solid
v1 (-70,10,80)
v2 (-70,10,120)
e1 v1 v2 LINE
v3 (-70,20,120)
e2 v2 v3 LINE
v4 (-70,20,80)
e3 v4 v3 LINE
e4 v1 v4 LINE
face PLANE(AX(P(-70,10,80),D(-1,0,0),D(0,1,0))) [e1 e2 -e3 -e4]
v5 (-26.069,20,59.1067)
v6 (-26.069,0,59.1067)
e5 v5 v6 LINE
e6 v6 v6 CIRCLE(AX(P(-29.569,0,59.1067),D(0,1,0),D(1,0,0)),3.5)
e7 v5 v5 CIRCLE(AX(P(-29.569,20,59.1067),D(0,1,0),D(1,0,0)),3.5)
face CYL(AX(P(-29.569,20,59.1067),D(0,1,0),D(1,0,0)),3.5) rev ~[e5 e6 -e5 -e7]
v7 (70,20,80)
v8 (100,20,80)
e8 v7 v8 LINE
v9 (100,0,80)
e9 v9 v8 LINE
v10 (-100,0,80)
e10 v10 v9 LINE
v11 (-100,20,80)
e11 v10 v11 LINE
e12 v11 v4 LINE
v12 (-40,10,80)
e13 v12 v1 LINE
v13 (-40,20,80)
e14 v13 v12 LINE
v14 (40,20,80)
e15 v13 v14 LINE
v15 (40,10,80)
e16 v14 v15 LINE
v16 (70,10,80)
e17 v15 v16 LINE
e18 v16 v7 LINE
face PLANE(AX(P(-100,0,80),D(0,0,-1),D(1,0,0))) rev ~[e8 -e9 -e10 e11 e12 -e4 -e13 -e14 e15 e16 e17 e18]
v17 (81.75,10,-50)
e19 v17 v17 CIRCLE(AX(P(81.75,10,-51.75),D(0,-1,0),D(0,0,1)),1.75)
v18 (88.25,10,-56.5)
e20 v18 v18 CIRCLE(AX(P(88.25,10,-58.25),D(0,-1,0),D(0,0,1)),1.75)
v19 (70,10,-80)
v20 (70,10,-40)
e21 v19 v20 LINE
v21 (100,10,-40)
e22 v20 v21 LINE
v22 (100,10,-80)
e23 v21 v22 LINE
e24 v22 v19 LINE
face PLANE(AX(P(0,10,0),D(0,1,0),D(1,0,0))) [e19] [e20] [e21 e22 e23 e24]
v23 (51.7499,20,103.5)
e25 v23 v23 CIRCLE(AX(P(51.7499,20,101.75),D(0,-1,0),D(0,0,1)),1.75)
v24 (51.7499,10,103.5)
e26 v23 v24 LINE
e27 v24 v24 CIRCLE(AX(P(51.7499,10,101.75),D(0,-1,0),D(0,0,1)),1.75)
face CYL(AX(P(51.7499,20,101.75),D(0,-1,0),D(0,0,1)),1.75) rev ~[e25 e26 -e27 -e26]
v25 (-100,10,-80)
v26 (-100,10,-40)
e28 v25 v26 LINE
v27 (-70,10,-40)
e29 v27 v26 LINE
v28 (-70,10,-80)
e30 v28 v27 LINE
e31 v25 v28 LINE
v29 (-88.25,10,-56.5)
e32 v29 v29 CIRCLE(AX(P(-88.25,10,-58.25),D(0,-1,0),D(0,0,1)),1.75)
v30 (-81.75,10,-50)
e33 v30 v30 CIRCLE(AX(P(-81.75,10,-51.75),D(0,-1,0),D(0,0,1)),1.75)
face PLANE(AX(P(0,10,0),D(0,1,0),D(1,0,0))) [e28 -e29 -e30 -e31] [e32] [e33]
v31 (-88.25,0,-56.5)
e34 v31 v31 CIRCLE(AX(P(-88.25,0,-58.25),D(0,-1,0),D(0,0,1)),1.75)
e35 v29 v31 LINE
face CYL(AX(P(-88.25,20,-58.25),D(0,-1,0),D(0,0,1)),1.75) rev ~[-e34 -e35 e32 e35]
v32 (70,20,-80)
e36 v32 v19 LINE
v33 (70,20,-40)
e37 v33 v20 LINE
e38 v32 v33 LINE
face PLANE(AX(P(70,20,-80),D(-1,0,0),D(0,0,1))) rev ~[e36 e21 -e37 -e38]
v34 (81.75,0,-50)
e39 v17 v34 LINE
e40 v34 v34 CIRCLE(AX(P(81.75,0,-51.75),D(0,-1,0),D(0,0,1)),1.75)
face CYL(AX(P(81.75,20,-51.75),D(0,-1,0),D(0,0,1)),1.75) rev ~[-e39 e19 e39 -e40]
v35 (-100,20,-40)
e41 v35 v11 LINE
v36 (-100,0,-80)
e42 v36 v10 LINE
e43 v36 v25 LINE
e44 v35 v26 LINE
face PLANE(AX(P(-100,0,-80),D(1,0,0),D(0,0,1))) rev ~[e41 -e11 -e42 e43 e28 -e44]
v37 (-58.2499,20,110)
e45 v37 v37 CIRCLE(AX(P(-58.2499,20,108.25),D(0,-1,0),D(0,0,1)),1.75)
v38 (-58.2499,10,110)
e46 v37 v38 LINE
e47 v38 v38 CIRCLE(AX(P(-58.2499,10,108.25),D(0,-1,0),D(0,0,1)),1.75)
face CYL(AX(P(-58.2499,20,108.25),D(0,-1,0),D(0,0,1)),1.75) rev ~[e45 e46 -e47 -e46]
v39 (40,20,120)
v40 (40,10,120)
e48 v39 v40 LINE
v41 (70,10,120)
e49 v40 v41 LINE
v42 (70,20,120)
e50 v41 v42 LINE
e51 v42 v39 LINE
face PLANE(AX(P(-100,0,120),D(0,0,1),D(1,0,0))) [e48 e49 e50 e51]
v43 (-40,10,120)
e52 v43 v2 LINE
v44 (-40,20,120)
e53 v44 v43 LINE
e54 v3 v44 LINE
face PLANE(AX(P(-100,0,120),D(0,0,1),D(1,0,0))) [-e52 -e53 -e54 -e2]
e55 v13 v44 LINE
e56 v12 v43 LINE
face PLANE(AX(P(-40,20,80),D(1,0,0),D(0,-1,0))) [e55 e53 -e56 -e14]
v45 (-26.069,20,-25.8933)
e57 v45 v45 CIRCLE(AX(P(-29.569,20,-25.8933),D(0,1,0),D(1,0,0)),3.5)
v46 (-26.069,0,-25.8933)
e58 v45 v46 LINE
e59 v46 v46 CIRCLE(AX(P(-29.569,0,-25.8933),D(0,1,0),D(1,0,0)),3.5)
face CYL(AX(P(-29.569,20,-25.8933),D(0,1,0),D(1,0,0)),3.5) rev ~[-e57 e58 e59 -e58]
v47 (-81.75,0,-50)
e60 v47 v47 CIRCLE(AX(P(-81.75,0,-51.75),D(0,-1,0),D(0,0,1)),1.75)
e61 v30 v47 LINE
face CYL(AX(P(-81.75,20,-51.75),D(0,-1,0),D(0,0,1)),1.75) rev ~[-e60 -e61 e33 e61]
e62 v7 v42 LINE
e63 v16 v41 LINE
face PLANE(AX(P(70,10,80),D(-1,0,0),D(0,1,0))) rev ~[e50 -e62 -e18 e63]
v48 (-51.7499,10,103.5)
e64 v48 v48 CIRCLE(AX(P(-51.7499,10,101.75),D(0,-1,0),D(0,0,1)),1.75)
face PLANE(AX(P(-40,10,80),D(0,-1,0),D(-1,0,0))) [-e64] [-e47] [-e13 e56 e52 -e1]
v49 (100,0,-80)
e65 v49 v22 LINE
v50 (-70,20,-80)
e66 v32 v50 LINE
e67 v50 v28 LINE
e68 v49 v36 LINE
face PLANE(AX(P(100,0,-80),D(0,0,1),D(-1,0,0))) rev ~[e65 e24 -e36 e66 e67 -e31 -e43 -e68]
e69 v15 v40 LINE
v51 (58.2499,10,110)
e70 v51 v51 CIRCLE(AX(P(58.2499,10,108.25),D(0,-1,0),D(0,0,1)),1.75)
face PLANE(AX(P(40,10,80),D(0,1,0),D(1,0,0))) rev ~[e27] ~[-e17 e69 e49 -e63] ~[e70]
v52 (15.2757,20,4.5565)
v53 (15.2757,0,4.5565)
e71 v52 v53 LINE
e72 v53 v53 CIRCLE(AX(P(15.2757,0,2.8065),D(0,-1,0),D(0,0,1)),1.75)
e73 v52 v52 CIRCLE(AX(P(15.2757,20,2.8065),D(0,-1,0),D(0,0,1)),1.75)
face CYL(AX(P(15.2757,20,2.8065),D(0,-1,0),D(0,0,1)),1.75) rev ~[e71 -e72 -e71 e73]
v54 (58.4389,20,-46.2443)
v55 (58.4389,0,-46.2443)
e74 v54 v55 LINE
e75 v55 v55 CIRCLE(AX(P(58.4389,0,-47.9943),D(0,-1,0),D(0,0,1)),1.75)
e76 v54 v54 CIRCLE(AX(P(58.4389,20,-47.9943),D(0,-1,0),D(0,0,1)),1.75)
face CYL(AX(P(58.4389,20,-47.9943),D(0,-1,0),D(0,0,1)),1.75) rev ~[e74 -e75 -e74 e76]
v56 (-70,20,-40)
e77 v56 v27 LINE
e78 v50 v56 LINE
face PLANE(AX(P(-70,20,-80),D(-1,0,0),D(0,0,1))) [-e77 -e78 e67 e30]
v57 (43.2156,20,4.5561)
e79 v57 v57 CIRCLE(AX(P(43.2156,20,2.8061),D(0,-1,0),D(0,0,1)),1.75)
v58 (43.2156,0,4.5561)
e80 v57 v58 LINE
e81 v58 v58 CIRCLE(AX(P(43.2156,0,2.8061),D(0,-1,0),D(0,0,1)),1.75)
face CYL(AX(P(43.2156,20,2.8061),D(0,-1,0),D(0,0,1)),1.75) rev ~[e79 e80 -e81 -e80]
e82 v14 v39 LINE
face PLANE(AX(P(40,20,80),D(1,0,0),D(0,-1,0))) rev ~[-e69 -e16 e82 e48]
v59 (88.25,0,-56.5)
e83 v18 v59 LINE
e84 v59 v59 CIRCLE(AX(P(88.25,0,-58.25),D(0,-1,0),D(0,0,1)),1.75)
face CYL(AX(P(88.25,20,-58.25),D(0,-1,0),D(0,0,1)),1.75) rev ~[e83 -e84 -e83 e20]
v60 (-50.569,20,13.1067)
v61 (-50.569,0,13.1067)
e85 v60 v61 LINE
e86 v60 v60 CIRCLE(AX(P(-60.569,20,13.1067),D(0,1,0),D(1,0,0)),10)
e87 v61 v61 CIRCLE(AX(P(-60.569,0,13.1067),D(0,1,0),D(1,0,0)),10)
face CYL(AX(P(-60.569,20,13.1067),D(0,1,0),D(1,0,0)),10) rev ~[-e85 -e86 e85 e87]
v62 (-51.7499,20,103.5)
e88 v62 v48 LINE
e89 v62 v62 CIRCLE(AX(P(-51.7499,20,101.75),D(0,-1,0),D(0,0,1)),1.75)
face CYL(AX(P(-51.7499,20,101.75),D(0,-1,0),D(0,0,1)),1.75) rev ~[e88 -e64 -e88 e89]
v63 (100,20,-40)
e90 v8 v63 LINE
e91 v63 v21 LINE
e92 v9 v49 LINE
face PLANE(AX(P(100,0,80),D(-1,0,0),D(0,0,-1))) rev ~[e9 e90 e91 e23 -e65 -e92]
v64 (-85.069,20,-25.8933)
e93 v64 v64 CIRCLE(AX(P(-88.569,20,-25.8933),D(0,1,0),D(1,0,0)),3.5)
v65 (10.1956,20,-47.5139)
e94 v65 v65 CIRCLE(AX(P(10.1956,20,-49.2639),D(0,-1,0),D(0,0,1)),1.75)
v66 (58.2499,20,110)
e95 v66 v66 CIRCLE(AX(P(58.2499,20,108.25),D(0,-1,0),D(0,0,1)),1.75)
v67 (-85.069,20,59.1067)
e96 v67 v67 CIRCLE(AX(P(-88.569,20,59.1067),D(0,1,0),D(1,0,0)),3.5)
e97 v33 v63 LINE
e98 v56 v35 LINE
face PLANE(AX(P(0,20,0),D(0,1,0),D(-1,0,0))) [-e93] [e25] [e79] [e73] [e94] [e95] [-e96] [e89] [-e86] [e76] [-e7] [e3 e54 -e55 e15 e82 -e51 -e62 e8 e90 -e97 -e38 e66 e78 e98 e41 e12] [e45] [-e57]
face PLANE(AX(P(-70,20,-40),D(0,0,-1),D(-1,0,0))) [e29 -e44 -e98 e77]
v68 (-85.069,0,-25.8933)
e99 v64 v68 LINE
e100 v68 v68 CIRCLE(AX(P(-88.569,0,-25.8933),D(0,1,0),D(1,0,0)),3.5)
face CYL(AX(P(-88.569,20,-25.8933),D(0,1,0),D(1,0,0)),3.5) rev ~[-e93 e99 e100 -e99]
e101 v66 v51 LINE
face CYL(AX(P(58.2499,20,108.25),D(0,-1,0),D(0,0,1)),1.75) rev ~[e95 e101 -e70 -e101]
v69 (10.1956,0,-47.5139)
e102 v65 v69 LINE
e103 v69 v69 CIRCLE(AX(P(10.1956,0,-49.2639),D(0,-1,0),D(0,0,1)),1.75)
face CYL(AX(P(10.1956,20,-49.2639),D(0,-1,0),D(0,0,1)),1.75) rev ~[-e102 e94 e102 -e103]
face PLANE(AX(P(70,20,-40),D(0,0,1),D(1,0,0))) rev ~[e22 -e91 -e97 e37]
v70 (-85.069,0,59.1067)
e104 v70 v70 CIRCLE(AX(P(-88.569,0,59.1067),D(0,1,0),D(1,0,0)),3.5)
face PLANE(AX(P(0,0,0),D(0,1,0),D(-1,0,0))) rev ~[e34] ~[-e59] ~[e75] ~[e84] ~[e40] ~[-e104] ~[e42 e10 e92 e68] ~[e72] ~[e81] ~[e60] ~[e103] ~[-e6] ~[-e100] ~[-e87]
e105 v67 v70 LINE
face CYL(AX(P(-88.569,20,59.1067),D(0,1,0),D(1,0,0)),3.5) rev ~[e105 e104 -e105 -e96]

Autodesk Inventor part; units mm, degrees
ref_plane "YZ Plane" through (0, 0, 0) normal (1, 0, 0) x (0, 1, 0)
ref_plane "XZ Plane" through (0, 0, 0) normal (0, 1, 0) x (-1, 0, 0)
ref_plane "XY Plane" through (0, 0, 0) normal (0, 0, 1) x (1, 0, 0)
sketch "Boceto1" plane through (0, 0, 0) normal (0, 1, 0) x (-1, 0, 0)
  line L0 (100, 80) -> (-100, 80)
  line L1 (-100, 80) -> (-100, -80)
  line L2 (-100, -80) -> (100, -80)
  line L3 (100, -80) -> (100, 80)
  line L4 (100, 80) -> (-100, -80) construction
  line L5 (-100, 80) -> (100, -80) construction
  point P0 (0, 0)
  dimension "d0" = 200
  dimension "d1" = 160
extrude "Extrusión1" add sketch "Boceto1" along normal blind 20
sketch "Boceto2" plane through (0, 20, 0) normal (0, 1, 0) x (1, 0, 0)
  line L0 (-100, 80) -> (-100, -80) projected
  line L1 (-100, 80) -> (-70, 80)
  line L2 (-70, 80) -> (-70, 40)
  line L3 (-70, 40) -> (-100, 40)
  line L4 (-100, 40) -> (-100, 80)
  line L5 (100, 80) -> (-100, 80) projected
  line L6 (0, 80) -> (0, 40)
  line L7 (100, 80) -> (70, 80)
  line L8 (70, 80) -> (70, 40)
  line L9 (70, 40) -> (100, 40)
  line L10 (100, 40) -> (100, 80)
  point P0 (0, 0)
  dimension "d4" = 30
  dimension "d5" = 40
extrude "Extrusión2" cut sketch "Boceto2" against normal blind 10
sketch "Boceto3" plane through (0, 20, 0) normal (0, 1, 0) x (1, 0, 0)
  line L0 (-70, 80) -> (-70, 40) projected
  line L1 (-70, 80.0001) -> (-70, 40)
  line L2 (-70, 40) -> (-100, 40) projected
  line L3 (-100, 40) -> (-100, 80.0001)
  line L4 (-100, 40) -> (-70, 40)
  line L5 (-70, 40) -> (-70, 80)
  line L6 (-70, 80) -> (-100, 80)
  line L7 (-100, 80) -> (-100, 40)
  circle A0 centre (-88.25, 58.25) radius 1.75
  circle A1 centre (-81.75, 51.75) radius 1.75
  line L8 (100, 80) -> (-100, 80) projected
  line L9 (0, 80) -> (0, 56.5)
  circle A2 centre (88.25, 58.25) radius 1.75
  circle A3 centre (81.75, 51.75) radius 1.75
  point P0 (0, 0)
  point P1 (-64.3507, 80)
  point P2 (-74.3507, 0)
  point P3 (-85, 80)
  dimension "d23" = 21.75
  dimension "d24" = 11.75
  dimension "d26" = 11.75
hole "Agujero1" at (-81.75, 20, -51.75) at (-88.25, 20, -58.25) at (81.75, 20, -51.75) at (88.25, 20, -58.25) direction (0, -1, 0) diameter 3.5 end through all
sketch "Boceto4" plane through (-100, 0, 80) normal (0, 0, 1) x (1, 0, 0)
  line L0 (30, 20) -> (60, 20)
  line L1 (60, 20) -> (60, 10)
  line L2 (60, 10) -> (30, 10)
  line L3 (30, 10) -> (30, 20)
  line L4 (0, 0) -> (0, 20) projected
  line L5 (100, 0) -> (100, 10)
  line L6 (170, 20) -> (140, 20)
  line L7 (140, 20) -> (140, 10)
  line L8 (140, 10) -> (170, 10)
  line L9 (170, 10) -> (170, 20)
  dimension "d34" = 30
  dimension "d35" = 10
  dimension "d36" = 30
extrude "Extrusión3" add sketch "Boceto4" along normal blind 40
sketch "Boceto5" plane through (0, 20, 0) normal (0, 1, 0) x (1, 0, 0)
  line L0 (59.9999, -50) -> (69.9999, -50)
  line L1 (49.9999, -101.75) -> (49.9999, -79.9497)
  line L2 (59.9999, -108.25) -> (59.9999, -50)
  line L3 (40, -80) -> (69.9999, -80)
  line L4 (49.9999, -79.9497) -> (40, -80)
  circle A0 centre (51.7499, -101.75) radius 1.75
  circle A1 centre (58.2499, -108.25) radius 1.75
  line L5 (69.9999, -80) -> (69.9999, -120)
  line L6 (40, -120) -> (40, -80)
  line L7 (69.9999, -120) -> (40, -120)
  line L8 (0, -50) -> (0, -71.75)
  line L9 (-40, -120) -> (-40, -80)
  line L10 (-49.9999, -101.75) -> (-49.9999, -79.9497)
  circle A2 centre (-51.7499, -101.75) radius 1.75
  circle A3 centre (-58.2499, -108.25) radius 1.75
  line L11 (-40, -80) -> (-69.9999, -80)
  line L12 (-69.9999, -120) -> (-40, -120)
  line L13 (-69.9999, -80) -> (-69.9999, -120)
  line L14 (-59.9999, -108.25) -> (-59.9999, -50)
  line L15 (-40, -120) -> (-69.9999, -120)
  line L16 (-69.9999, -80) -> (-69.9999, -120)
  line L17 (-40, -120) -> (-70, -120) projected
  line L18 (-40, -80) -> (-40, -120) projected
  line L19 (-59.9999, -110) -> (-49.9999, -110)
  line L20 (-49.9999, -110) -> (-49.9999, -100)
  line L21 (-49.9999, -100) -> (-59.9999, -100)
  line L22 (-59.9999, -100) -> (-59.9999, -110)
  line L23 (-100, 40) -> (-100, -80) projected
  point P0 (0, 0)
  point P1 (-56.75, -68.25)
  point P2 (-63.25, -61.75)
  point P3 (63.25, -61.75)
  point P4 (56.75, -68.25)
  dimension "d45" = 3.5
  dimension "d46" = 3.5
  dimension "d39" = 10
  dimension "d40" = 10
  dimension "d41" = 40
  dimension "d42" = 0
  dimension "d43" = 6.5
  dimension "d44" = 6.5
  dimension "d47" = 11.7499
  dimension "d48" = 11.75
  dimension "d49" = 0
  dimension "d50" = 11.75
  dimension "d51" = 0
  dimension "d97" = 40.0001
hole "Agujero2" at (-58.2499, 20, 108.25) at (-51.7499, 20, 101.75) at (51.7499, 20, 101.75) at (58.2499, 20, 108.25) direction (0, -1, 0) diameter 3.5 end through all
sketch "Boceto6" plane through (0, 20, 0) normal (0, 1, 0) x (1, 0, 0)
  circle A0 centre (-60.569, -13.1067) radius 10
  circle A1 centre (-29.569, -59.1067) radius 3.5
  line L0 (-60.569, -13.1067) -> (-39.0083, -13.1067)
  circle A2 centre (-29.569, 25.8933) radius 3.5
  circle A3 centre (-88.569, 25.8933) radius 3.5
  circle A4 centre (-88.569, -59.1067) radius 3.5
  line L1 (8.592, 54.4846) -> (60.592, 54.4846)
  line L2 (60.592, 54.4846) -> (60.592, -15.5154)
  line L3 (60.592, -15.5154) -> (8.592, -15.5154)
  line L4 (8.592, -15.5154) -> (8.592, 54.4846)
  line L5 (8.592, -15.5154) -> (30.592, -15.5154)
  line L6 (30.592, -15.5154) -> (30.592, -57.5154)
  line L7 (30.592, -57.5154) -> (8.592, -57.5154)
  line L8 (8.592, -57.5154) -> (8.592, -15.5154)
  line L9 (1.8175, -0.4091) -> (1.8182, -2.9066)
  circle A5 centre (15.2757, -2.8065) radius 1.75
  line L10 (8.2823, 15.5794) -> (8.2823, -30.8467)
  circle A6 centre (43.2156, -2.8061) radius 1.75
  line L11 (53.8882, 4.6711) -> (53.8882, 2.1733)
  circle A7 centre (10.1956, 49.2639) radius 1.75
  line L12 (52.6186, -43.5722) -> (52.6186, -46.0699)
  circle A8 centre (58.4389, 47.9943) radius 1.75
  line L13 (60.3523, 47.3505) -> (8.2823, 47.3505)
  line L14 (60.3523, 47.3505) -> (60.3523, -0.8928)
  line L15 (34.3173, 47.3505) -> (34.3173, 23.2289)
  point P0 (0, 0)
  point P1 (-60.569, -16.6067)
  point P2 (33.6213, -21.4557)
  dimension "d59" = 7
  dimension "d60" = 7
  dimension "d61" = 7
  dimension "d62" = 39
  dimension "d63" = 46
  dimension "d64" = 59
  dimension "d65" = 46
  dimension "d66" = 39
  dimension "d67" = 59
  dimension "d68" = 52
  dimension "d69" = 70
  dimension "d70" = 22
  dimension "d71" = 42
  dimension "d72" = 3.5
  dimension "d73" = 3.5
  dimension "d74" = 3.5
  dimension "d75" = 3.5
hole "Agujero3" at (10.1956, 20, -49.2639) at (58.4389, 20, -47.9943) at (15.2757, 20, 2.8065) at (43.2156, 20, 2.8061) direction (0, -1, 0) diameter 3.5 end through all
sketch "Boceto7" plane through (0, 20, 0) normal (0, 1, 0) x (1, 0, 0)
  circle A0 centre (-60.569, -13.1067) radius 10
  circle A1 centre (-29.569, -59.1067) radius 3.5
  line L0 (-60.569, -13.1067) -> (-39.0083, -13.1067)
  circle A2 centre (-29.569, 25.8933) radius 3.5
  circle A3 centre (-88.569, 25.8933) radius 3.5
  circle A4 centre (-88.569, -59.1067) radius 3.5
  point P0 (0, 0)
  point P1 (-60.569, -16.6067)
  dimension "d83" = 7
  dimension "d84" = 7
  dimension "d85" = 7
  dimension "d86" = 39
  dimension "d87" = 46
  dimension "d88" = 59
  dimension "d89" = 46
  dimension "d90" = 39
  dimension "d91" = 59
extrude "Extrusión4" cut sketch "Boceto7" against normal blind 20
properties part number "base_mid_20"
